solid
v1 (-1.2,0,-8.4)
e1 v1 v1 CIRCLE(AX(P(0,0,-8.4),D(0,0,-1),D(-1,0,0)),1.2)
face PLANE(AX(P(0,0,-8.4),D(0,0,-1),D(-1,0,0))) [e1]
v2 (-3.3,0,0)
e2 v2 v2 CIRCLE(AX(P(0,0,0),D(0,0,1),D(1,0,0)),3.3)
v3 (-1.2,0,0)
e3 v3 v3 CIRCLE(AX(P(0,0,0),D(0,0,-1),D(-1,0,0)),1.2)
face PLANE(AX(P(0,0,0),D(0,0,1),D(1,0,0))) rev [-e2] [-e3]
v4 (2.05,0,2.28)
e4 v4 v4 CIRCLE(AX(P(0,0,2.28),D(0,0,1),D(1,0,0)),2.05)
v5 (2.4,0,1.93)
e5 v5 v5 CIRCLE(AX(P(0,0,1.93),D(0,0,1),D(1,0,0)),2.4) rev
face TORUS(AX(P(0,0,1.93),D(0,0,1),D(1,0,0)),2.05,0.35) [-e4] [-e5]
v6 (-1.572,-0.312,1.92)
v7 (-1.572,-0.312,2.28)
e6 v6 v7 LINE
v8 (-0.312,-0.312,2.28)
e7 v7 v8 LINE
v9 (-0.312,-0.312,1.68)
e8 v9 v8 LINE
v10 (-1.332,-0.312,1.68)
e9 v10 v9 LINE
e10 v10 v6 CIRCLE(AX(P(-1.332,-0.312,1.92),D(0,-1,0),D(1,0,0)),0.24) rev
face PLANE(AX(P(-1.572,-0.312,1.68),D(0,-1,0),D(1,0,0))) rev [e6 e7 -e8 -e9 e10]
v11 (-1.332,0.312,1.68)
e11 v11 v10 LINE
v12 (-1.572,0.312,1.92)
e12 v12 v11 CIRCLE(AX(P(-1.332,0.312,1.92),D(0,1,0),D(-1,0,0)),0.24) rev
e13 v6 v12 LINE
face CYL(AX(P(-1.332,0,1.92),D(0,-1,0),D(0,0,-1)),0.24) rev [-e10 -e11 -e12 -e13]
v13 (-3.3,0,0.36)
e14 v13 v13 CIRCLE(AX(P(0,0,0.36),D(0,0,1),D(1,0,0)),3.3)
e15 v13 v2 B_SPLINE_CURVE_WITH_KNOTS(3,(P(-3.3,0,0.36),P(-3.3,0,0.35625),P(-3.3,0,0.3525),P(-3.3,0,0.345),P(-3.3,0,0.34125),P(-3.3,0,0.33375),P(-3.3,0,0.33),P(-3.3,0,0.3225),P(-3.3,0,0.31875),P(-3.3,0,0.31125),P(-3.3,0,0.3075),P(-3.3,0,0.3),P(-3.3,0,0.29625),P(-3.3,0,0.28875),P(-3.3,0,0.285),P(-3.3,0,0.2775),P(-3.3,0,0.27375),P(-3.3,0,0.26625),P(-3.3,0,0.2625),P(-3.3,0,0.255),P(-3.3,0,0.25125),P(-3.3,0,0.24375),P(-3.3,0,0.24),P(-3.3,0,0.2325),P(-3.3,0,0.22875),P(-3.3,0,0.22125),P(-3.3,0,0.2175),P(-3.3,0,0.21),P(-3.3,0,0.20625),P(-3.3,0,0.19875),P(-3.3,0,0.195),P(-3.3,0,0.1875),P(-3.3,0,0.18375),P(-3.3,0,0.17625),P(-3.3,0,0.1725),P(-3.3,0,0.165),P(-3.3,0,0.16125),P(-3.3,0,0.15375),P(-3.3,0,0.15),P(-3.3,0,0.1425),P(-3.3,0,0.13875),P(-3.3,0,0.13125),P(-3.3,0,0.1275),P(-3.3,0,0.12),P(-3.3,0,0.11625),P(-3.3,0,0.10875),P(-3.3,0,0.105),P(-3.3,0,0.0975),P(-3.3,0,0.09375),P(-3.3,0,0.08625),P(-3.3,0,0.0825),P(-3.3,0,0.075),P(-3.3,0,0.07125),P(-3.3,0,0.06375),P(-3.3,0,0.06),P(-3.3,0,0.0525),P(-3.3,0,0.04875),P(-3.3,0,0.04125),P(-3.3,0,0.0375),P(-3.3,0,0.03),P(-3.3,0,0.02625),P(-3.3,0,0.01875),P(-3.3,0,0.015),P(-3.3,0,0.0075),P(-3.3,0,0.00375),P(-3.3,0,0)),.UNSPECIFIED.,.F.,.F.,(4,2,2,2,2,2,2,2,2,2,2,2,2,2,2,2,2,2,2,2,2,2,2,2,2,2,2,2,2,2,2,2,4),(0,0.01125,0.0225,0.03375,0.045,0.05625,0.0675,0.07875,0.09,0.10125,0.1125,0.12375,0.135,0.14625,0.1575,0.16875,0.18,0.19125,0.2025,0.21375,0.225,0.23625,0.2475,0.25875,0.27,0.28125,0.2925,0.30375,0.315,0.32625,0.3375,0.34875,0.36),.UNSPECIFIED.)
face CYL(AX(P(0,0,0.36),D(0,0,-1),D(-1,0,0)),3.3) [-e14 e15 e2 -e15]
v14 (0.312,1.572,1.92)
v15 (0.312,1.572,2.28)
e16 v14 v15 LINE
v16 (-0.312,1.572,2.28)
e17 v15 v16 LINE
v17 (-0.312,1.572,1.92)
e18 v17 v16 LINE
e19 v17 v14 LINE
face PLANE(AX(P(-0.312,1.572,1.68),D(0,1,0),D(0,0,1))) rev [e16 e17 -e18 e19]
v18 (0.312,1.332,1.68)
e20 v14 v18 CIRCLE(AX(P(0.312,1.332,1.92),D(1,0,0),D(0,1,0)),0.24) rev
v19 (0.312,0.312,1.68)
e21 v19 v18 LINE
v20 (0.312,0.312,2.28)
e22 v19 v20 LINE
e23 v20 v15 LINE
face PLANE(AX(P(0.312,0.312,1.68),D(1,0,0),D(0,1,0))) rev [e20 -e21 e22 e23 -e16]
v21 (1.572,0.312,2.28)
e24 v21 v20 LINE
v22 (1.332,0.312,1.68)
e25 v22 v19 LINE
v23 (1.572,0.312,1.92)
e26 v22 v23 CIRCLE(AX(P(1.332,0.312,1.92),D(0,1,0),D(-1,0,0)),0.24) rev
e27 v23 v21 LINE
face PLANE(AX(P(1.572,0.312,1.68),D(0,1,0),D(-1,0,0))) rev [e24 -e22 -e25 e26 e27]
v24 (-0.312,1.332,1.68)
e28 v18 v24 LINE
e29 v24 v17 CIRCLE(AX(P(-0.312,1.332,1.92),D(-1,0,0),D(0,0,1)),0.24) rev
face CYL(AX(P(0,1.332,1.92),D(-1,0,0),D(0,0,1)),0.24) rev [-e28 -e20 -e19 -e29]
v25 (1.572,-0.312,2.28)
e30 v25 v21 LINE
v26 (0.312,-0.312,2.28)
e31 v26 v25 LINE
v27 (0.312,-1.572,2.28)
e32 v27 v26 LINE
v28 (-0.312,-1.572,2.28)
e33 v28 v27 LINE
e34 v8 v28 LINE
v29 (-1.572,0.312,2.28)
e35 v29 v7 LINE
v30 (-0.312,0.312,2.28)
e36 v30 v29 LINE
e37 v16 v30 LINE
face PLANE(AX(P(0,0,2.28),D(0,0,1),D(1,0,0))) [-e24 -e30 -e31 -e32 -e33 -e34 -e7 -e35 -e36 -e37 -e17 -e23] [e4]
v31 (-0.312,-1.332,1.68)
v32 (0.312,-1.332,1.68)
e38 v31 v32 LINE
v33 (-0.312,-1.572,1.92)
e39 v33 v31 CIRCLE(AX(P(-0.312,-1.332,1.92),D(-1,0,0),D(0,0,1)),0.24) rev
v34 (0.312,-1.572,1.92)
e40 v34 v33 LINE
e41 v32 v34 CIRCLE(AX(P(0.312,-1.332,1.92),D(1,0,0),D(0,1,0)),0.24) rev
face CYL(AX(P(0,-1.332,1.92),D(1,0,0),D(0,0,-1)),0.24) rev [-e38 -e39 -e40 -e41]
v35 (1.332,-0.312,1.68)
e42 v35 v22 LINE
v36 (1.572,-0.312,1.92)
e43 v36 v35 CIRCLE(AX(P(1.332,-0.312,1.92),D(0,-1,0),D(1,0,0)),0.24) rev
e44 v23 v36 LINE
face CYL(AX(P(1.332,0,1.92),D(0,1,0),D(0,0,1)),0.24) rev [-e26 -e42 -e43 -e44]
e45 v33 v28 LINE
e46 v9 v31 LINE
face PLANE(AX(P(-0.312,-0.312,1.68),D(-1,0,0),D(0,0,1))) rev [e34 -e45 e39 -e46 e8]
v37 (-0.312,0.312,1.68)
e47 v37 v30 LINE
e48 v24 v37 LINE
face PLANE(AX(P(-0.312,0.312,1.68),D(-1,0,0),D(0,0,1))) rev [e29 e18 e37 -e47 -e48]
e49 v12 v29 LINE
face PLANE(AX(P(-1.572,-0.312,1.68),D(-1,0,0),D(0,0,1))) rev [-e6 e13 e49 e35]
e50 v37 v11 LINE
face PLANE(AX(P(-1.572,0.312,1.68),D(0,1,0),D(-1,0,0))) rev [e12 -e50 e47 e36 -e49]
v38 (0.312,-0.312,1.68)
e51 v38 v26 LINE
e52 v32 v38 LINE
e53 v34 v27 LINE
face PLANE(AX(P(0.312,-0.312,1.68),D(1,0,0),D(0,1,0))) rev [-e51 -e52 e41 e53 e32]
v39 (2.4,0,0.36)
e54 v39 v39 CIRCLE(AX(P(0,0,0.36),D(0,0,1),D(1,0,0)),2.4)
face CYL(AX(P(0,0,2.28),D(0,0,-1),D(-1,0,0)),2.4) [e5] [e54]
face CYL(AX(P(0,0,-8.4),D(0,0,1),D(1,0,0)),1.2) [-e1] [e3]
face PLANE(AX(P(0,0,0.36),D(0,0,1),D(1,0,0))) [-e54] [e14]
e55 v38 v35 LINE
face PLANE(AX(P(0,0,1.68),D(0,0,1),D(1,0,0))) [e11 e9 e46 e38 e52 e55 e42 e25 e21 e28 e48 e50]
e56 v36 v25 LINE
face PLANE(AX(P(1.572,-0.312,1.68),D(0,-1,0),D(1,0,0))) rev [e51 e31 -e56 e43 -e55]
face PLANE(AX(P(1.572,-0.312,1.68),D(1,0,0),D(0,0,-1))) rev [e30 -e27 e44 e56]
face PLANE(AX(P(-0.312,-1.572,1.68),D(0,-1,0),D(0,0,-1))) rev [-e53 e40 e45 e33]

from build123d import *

# Parameters (mm, degrees)
ESQUISSE1_R             = 3.3
BOSS_EXTRU_1_DEPTH      = 0.36
ESQUISSE2_R             = 2.4
BOSS_EXTRU_2_DEPTH      = 1.92
ESQUISSE3_R             = 1.2
BOSS_EXTRU_3_DEPTH      = 8.4
CONG_1_R                = 0.35
ENL_V_MAT_EXTRU_1_DEPTH = 0.6
CONG_2_R                = 0.24


with BuildPart() as part:
    # Esquisse1 → Boss.-Extru.1 (new body)
    with BuildSketch(Plane.XY):
        with Locations(Location((0, 0, 0), (0, 0, 180))):
            Circle(ESQUISSE1_R)
    extrude(amount=BOSS_EXTRU_1_DEPTH)

    # Esquisse2 → Boss.-Extru.2 (add)
    with BuildSketch(Plane.XY.offset(0.36)):
        Circle(ESQUISSE2_R)
    extrude(amount=BOSS_EXTRU_2_DEPTH)

    # Esquisse3 → Boss.-Extru.3 (add)
    with BuildSketch(Plane(origin=(0, 0, 0), x_dir=(-1, 0, 0), z_dir=(0, 0, -1))):
        Circle(ESQUISSE3_R)
    extrude(amount=BOSS_EXTRU_3_DEPTH)

    # Congé1
    cong_1_edges = [part.edges().sort_by_distance(p)[0] for p in [
        (-2.4, 0, 2.28),
    ]]
    fillet(cong_1_edges, radius=CONG_1_R)

    # Esquisse4 → Enlèv. mat.-Extru.1 (cut)
    with BuildSketch(Plane.XY.offset(2.28)):
        Polygon((-1.572, -0.312), (-1.572, 0.312), (-0.312, 0.312), (-0.312, 1.572), (0.312, 1.572), (0.312, 0.312), (1.572, 0.312), (1.572, -0.312), (0.312, -0.312), (0.312, -1.572), (-0.312, -1.572), (-0.312, -0.312), align=None)
    extrude(amount=-ENL_V_MAT_EXTRU_1_DEPTH, mode=Mode.SUBTRACT)

    # Congé2
    cong_2_edges = [part.edges().sort_by_distance(p)[0] for p in [
        (-1.572, 0, 1.68),
        (0, 1.572, 1.68),
        (1.572, 0, 1.68),
        (0, -1.572, 1.68),
    ]]
    fillet(cong_2_edges, radius=CONG_2_R)


solid = part.part
